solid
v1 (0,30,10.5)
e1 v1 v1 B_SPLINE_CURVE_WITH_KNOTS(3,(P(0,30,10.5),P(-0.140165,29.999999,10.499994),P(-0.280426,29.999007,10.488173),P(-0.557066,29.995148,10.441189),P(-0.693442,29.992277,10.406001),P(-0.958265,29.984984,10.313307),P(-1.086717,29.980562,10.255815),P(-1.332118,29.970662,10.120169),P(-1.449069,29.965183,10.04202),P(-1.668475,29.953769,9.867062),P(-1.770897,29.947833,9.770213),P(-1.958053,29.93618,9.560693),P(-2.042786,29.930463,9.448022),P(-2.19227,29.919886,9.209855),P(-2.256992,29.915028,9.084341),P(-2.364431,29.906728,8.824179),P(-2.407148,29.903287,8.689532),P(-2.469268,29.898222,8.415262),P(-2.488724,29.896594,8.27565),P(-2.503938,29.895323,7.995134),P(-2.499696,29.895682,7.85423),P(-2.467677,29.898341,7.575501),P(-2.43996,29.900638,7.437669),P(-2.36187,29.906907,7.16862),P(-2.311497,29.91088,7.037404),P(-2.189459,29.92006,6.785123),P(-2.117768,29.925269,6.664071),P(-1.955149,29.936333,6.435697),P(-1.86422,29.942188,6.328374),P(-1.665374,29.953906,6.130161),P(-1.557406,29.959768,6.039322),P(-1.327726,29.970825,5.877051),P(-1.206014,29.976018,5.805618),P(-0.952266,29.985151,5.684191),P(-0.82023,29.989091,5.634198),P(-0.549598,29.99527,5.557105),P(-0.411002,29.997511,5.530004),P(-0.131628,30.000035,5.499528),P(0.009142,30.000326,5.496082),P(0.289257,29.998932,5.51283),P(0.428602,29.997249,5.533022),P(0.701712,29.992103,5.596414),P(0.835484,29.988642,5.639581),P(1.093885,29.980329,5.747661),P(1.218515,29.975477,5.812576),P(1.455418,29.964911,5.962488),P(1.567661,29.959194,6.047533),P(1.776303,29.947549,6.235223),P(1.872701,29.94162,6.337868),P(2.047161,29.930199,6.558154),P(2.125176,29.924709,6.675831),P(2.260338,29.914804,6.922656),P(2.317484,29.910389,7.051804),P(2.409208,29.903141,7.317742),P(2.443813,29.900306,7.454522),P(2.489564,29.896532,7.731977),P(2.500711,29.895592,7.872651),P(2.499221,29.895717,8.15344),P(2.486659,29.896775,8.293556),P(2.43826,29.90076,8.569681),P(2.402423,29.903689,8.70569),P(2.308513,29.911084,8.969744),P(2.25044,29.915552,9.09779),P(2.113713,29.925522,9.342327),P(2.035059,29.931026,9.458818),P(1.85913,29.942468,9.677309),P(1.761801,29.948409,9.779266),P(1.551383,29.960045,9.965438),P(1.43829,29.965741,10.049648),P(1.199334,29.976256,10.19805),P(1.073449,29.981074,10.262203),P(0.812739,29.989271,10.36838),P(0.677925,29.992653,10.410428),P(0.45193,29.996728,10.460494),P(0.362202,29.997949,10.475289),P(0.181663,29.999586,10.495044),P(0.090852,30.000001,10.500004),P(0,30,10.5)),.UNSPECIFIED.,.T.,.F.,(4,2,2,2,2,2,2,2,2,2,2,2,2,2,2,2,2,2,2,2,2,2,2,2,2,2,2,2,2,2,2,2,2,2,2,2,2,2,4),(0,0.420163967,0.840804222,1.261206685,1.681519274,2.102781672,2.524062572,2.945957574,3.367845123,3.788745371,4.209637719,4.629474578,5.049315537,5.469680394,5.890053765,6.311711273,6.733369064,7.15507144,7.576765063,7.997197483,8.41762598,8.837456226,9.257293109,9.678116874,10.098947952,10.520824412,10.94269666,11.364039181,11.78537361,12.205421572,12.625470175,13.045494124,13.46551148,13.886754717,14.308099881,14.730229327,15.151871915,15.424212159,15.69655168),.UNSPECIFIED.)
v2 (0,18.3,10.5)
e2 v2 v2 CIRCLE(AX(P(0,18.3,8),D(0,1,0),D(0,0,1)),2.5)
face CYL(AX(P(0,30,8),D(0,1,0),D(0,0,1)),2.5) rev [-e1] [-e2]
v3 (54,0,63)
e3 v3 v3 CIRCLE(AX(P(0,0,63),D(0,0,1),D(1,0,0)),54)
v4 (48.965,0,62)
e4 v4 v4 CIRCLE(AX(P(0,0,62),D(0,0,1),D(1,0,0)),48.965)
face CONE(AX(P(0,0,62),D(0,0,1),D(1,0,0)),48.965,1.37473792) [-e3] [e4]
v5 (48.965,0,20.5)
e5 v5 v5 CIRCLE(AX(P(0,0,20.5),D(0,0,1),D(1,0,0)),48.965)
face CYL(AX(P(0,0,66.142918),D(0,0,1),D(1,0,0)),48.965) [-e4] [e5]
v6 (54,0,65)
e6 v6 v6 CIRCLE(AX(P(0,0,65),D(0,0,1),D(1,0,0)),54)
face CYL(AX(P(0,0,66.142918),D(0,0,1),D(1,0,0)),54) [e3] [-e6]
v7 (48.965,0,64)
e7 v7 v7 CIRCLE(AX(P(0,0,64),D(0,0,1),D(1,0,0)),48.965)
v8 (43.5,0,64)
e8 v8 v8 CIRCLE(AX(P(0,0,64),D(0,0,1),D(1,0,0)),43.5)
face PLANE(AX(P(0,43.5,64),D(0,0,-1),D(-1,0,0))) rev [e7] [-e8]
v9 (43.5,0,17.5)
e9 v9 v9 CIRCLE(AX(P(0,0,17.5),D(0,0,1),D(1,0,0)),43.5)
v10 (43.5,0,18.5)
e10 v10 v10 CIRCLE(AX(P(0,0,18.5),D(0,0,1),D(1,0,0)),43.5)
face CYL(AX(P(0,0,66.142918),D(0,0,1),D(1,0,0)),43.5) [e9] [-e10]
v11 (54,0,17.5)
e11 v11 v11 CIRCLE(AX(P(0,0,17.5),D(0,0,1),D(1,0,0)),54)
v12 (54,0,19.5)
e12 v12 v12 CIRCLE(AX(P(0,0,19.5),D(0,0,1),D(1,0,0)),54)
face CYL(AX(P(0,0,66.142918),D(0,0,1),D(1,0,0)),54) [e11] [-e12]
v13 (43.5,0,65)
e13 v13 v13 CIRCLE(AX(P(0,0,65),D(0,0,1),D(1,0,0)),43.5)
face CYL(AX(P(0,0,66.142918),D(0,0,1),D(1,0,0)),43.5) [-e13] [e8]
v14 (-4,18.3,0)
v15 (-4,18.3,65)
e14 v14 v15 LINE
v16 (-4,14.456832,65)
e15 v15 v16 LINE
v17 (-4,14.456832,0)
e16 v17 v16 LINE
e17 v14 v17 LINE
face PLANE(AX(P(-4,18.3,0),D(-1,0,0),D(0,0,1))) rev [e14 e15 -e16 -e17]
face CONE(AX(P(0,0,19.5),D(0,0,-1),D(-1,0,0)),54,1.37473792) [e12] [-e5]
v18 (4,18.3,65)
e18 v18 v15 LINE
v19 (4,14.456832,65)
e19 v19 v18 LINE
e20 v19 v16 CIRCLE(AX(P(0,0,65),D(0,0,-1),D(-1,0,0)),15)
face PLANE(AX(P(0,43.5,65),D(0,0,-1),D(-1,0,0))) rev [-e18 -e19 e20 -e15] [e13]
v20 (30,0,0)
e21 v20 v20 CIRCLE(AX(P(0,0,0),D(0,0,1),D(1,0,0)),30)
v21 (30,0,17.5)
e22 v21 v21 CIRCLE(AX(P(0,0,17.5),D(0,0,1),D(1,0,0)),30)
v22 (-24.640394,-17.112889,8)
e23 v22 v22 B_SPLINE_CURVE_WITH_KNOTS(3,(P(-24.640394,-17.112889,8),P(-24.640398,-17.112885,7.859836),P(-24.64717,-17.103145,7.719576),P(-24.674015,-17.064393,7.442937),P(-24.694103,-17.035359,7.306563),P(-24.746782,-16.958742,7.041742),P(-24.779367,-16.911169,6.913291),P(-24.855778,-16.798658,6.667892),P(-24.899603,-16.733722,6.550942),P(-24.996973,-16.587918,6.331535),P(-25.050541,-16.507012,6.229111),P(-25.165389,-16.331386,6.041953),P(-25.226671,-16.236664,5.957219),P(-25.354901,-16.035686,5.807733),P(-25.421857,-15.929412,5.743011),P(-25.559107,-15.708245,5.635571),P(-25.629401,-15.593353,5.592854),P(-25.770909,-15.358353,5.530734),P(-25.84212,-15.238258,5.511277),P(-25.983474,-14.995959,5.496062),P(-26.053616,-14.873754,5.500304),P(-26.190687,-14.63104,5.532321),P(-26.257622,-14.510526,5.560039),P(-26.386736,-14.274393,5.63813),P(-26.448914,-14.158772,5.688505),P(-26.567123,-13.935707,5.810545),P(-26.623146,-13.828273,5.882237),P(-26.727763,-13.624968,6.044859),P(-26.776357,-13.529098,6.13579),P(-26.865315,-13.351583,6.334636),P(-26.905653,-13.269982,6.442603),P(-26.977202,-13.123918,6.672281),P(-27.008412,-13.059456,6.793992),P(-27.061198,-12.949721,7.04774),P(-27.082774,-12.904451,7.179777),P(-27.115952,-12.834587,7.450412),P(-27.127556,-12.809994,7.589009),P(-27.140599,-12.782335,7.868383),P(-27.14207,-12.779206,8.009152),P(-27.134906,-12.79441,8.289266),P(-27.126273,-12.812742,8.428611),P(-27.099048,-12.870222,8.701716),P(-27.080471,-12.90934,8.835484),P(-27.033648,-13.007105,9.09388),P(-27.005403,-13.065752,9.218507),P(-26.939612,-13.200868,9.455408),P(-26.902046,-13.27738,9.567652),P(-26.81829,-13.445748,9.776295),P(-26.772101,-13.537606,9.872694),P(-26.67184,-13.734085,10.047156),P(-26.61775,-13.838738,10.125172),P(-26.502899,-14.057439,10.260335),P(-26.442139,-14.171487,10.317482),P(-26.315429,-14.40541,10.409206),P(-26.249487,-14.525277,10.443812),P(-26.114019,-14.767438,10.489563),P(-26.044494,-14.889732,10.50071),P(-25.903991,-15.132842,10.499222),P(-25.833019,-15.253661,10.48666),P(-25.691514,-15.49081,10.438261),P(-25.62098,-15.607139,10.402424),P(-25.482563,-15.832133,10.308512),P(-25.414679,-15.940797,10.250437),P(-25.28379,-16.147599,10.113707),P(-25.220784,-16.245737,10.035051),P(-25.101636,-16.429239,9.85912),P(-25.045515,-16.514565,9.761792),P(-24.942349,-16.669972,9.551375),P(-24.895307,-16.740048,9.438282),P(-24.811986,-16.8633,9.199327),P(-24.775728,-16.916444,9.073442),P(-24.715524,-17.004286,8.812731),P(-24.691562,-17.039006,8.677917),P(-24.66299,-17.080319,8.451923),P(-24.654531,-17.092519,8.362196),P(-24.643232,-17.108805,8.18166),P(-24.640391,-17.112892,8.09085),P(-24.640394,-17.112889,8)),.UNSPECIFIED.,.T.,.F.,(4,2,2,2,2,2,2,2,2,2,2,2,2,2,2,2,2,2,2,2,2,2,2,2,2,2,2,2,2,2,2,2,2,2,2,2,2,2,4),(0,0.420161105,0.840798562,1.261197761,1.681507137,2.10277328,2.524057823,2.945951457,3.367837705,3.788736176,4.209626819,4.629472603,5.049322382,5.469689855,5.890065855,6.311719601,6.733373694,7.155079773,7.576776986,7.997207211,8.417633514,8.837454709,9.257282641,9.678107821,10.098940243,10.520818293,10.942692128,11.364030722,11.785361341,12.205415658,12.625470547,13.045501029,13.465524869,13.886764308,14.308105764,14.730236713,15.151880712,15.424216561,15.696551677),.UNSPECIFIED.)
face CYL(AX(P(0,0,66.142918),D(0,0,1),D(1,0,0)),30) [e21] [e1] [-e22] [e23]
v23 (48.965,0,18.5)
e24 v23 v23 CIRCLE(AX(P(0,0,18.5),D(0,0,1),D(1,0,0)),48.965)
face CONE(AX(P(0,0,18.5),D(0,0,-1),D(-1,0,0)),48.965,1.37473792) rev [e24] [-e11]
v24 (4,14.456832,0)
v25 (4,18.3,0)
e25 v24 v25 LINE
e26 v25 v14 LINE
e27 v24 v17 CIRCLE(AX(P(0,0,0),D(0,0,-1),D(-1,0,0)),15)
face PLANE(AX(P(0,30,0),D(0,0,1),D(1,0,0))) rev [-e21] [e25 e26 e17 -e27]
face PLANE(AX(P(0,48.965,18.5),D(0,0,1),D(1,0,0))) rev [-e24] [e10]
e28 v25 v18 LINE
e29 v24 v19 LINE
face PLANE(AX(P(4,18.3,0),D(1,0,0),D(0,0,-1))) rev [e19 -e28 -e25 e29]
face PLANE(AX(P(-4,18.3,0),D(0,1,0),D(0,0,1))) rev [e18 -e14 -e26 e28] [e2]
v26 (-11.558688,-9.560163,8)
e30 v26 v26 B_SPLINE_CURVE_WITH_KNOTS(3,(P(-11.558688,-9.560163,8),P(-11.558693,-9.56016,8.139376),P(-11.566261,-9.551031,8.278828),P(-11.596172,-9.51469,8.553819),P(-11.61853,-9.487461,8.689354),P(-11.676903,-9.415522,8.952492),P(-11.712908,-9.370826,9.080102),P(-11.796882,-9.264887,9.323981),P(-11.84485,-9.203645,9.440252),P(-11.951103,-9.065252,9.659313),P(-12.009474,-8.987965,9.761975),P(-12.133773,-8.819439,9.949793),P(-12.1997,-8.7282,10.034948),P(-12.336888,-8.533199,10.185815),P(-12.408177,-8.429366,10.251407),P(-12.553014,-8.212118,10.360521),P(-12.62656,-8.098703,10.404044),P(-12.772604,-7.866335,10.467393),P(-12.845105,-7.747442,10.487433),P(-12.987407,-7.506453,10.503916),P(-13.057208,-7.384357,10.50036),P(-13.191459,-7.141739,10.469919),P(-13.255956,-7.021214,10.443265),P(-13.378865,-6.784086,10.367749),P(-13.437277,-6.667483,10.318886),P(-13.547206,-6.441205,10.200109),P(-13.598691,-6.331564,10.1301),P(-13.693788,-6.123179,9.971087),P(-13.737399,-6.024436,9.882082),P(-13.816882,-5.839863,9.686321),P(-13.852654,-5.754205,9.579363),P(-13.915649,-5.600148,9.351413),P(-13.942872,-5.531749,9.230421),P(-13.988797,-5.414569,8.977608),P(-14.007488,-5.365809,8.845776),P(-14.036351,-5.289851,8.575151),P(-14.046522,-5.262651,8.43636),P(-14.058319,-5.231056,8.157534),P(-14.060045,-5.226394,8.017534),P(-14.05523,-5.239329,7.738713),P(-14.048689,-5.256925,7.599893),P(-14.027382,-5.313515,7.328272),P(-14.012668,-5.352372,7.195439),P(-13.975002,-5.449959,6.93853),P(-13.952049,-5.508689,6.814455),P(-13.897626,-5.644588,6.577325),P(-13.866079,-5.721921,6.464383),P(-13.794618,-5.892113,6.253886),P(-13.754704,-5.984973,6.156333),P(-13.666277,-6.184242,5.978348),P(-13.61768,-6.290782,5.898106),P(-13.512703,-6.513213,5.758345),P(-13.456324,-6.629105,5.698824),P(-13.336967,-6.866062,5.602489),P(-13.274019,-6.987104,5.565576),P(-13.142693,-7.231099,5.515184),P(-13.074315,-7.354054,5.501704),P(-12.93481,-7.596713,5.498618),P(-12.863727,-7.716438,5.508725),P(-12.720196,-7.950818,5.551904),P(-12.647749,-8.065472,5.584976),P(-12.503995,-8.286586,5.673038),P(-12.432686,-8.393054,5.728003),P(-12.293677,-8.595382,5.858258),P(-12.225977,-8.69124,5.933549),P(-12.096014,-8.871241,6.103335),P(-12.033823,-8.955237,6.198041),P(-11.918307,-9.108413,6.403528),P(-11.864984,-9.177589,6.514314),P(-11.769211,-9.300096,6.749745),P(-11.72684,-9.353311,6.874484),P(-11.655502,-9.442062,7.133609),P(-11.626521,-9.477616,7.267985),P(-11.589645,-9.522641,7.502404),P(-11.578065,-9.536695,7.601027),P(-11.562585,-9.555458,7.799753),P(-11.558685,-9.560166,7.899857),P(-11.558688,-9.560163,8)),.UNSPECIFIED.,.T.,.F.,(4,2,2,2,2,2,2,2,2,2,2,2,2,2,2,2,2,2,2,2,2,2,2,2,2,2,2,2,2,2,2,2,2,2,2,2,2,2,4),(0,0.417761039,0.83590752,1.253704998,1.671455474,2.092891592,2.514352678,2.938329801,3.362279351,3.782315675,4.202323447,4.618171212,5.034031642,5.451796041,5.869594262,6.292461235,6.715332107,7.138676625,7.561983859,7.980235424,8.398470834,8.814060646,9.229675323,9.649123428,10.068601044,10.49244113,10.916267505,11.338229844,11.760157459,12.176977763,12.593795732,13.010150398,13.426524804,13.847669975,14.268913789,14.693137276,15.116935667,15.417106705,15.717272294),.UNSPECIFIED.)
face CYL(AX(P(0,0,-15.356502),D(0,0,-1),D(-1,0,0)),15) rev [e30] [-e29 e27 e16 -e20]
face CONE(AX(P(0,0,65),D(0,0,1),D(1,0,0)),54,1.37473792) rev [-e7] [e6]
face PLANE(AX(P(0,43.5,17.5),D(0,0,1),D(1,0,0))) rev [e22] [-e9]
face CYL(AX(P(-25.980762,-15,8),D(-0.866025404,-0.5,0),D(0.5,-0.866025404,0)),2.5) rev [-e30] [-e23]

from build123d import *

# Parameters (mm, degrees)
SKETCH2_W                  = 65
SKETCH2_H                  = 15
CUT_EXTRUDE1_DEPTH         = 101.284595028
M6X1_0_TAPPED_HOLE1_REACH  = 147.812
M6X1_0_TAPPED_HOLE1_BORE_R = 2.5
CIRPATTERN1_COUNT          = 2
CIRPATTERN1_ANGLE          = 120


with BuildPart() as part:
    # Sketch1 → Revolve1 (revolve)
    with BuildSketch(Plane(origin=(0, 0, 0), x_dir=(0, 0, -1), z_dir=(1, 0, 0)), mode=Mode.PRIVATE) as revolve1_sk:
        Polygon((-65, 43.5), (-64, 43.5), (-64, 48.965), (-65, 54), (-63, 54), (-62, 48.965), (-20.5, 48.965), (-19.5, 54), (-17.5, 54), (-18.5, 48.965), (-18.5, 43.5), (-17.5, 43.5), (-17.5, 30), (0, 30), (0, 0), (-65, 0), align=None)
    revolve(revolve1_sk.sketch.rotate(Axis((0, 0, 66.142918398), (0, 0, -1)), 90), axis=Axis((0, 0, 66.142918398), (0, 0, -1)))

    # Sketch2 → Cut-Revolve1 (revolve, cut)
    with BuildSketch(Plane(origin=(0, 0, 0), x_dir=(0, 0, -1), z_dir=(1, 0, 0)), mode=Mode.PRIVATE) as cut_revolve1_sk:
        with Locations((-32.5, 7.5)):
            Rectangle(SKETCH2_W, SKETCH2_H)
    revolve(cut_revolve1_sk.sketch.rotate(Axis((0, 0, -15.356501925), (0, 0, 1)), 90), axis=Axis((0, 0, -15.356501925), (0, 0, 1)), mode=Mode.SUBTRACT)

    # Sketch3 → Cut-Extrude1 (cut, through all)
    with BuildSketch(Plane.XY.offset(65)):
        with BuildLine():
            Line((-4, 18.3), (4, 18.3))
            Line((4, 18.3), (4, 14.456832295))
            ThreePointArc((4, 14.456832295), (0, 15), (-4, 14.456832295))
            Line((-4, 14.456832295), (-4, 18.3))
        make_face()
    extrude(amount=-CUT_EXTRUDE1_DEPTH, mode=Mode.SUBTRACT)

    # M6x1.0 Tapped Hole1 bore → M6x1.0 Tapped Hole1 (cut, up to next)
    with BuildSketch(Plane(origin=(0, 30, -41.25), x_dir=(-1, 0, 0), z_dir=(0, 1, 0)), mode=Mode.PRIVATE) as m6x1_0_tapped_hole1_sk1:
        with Locations((0, 49.25)):
            Circle(M6X1_0_TAPPED_HOLE1_BORE_R)
    m6x1_0_tapped_hole1_tool1 = extrude(m6x1_0_tapped_hole1_sk1.sketch, amount=-M6X1_0_TAPPED_HOLE1_REACH, mode=Mode.PRIVATE) & part.part
    m6x1_0_tapped_hole1 = m6x1_0_tapped_hole1_tool1.solids().sort_by_distance((0, 30, 8))[0]
    add(m6x1_0_tapped_hole1, mode=Mode.SUBTRACT)

    # CirPattern1: M6x1.0 Tapped Hole1; each copy of M6x1.0 Tapped Hole1 runs up to whatever stops it at its own place
    cirpattern1_before = part.part  # the part as the pattern finds it: every copy runs up to it
    cirpattern1_m6x1_0_tapped_hole1_long = extrude(m6x1_0_tapped_hole1_sk1.sketch, amount=-M6X1_0_TAPPED_HOLE1_REACH, mode=Mode.PRIVATE)
    cirpattern1_m6x1_0_tapped_hole1_tool1 = cirpattern1_m6x1_0_tapped_hole1_long.rotate(Axis((0, 0, -15.356501925), (0, 0, 1)), 1 * CIRPATTERN1_ANGLE / (CIRPATTERN1_COUNT - 1)) & cirpattern1_before
    add(cirpattern1_m6x1_0_tapped_hole1_tool1.solids().sort_by_distance((-25.980762, -15, 8))[0], mode=Mode.SUBTRACT)


solid = part.part
